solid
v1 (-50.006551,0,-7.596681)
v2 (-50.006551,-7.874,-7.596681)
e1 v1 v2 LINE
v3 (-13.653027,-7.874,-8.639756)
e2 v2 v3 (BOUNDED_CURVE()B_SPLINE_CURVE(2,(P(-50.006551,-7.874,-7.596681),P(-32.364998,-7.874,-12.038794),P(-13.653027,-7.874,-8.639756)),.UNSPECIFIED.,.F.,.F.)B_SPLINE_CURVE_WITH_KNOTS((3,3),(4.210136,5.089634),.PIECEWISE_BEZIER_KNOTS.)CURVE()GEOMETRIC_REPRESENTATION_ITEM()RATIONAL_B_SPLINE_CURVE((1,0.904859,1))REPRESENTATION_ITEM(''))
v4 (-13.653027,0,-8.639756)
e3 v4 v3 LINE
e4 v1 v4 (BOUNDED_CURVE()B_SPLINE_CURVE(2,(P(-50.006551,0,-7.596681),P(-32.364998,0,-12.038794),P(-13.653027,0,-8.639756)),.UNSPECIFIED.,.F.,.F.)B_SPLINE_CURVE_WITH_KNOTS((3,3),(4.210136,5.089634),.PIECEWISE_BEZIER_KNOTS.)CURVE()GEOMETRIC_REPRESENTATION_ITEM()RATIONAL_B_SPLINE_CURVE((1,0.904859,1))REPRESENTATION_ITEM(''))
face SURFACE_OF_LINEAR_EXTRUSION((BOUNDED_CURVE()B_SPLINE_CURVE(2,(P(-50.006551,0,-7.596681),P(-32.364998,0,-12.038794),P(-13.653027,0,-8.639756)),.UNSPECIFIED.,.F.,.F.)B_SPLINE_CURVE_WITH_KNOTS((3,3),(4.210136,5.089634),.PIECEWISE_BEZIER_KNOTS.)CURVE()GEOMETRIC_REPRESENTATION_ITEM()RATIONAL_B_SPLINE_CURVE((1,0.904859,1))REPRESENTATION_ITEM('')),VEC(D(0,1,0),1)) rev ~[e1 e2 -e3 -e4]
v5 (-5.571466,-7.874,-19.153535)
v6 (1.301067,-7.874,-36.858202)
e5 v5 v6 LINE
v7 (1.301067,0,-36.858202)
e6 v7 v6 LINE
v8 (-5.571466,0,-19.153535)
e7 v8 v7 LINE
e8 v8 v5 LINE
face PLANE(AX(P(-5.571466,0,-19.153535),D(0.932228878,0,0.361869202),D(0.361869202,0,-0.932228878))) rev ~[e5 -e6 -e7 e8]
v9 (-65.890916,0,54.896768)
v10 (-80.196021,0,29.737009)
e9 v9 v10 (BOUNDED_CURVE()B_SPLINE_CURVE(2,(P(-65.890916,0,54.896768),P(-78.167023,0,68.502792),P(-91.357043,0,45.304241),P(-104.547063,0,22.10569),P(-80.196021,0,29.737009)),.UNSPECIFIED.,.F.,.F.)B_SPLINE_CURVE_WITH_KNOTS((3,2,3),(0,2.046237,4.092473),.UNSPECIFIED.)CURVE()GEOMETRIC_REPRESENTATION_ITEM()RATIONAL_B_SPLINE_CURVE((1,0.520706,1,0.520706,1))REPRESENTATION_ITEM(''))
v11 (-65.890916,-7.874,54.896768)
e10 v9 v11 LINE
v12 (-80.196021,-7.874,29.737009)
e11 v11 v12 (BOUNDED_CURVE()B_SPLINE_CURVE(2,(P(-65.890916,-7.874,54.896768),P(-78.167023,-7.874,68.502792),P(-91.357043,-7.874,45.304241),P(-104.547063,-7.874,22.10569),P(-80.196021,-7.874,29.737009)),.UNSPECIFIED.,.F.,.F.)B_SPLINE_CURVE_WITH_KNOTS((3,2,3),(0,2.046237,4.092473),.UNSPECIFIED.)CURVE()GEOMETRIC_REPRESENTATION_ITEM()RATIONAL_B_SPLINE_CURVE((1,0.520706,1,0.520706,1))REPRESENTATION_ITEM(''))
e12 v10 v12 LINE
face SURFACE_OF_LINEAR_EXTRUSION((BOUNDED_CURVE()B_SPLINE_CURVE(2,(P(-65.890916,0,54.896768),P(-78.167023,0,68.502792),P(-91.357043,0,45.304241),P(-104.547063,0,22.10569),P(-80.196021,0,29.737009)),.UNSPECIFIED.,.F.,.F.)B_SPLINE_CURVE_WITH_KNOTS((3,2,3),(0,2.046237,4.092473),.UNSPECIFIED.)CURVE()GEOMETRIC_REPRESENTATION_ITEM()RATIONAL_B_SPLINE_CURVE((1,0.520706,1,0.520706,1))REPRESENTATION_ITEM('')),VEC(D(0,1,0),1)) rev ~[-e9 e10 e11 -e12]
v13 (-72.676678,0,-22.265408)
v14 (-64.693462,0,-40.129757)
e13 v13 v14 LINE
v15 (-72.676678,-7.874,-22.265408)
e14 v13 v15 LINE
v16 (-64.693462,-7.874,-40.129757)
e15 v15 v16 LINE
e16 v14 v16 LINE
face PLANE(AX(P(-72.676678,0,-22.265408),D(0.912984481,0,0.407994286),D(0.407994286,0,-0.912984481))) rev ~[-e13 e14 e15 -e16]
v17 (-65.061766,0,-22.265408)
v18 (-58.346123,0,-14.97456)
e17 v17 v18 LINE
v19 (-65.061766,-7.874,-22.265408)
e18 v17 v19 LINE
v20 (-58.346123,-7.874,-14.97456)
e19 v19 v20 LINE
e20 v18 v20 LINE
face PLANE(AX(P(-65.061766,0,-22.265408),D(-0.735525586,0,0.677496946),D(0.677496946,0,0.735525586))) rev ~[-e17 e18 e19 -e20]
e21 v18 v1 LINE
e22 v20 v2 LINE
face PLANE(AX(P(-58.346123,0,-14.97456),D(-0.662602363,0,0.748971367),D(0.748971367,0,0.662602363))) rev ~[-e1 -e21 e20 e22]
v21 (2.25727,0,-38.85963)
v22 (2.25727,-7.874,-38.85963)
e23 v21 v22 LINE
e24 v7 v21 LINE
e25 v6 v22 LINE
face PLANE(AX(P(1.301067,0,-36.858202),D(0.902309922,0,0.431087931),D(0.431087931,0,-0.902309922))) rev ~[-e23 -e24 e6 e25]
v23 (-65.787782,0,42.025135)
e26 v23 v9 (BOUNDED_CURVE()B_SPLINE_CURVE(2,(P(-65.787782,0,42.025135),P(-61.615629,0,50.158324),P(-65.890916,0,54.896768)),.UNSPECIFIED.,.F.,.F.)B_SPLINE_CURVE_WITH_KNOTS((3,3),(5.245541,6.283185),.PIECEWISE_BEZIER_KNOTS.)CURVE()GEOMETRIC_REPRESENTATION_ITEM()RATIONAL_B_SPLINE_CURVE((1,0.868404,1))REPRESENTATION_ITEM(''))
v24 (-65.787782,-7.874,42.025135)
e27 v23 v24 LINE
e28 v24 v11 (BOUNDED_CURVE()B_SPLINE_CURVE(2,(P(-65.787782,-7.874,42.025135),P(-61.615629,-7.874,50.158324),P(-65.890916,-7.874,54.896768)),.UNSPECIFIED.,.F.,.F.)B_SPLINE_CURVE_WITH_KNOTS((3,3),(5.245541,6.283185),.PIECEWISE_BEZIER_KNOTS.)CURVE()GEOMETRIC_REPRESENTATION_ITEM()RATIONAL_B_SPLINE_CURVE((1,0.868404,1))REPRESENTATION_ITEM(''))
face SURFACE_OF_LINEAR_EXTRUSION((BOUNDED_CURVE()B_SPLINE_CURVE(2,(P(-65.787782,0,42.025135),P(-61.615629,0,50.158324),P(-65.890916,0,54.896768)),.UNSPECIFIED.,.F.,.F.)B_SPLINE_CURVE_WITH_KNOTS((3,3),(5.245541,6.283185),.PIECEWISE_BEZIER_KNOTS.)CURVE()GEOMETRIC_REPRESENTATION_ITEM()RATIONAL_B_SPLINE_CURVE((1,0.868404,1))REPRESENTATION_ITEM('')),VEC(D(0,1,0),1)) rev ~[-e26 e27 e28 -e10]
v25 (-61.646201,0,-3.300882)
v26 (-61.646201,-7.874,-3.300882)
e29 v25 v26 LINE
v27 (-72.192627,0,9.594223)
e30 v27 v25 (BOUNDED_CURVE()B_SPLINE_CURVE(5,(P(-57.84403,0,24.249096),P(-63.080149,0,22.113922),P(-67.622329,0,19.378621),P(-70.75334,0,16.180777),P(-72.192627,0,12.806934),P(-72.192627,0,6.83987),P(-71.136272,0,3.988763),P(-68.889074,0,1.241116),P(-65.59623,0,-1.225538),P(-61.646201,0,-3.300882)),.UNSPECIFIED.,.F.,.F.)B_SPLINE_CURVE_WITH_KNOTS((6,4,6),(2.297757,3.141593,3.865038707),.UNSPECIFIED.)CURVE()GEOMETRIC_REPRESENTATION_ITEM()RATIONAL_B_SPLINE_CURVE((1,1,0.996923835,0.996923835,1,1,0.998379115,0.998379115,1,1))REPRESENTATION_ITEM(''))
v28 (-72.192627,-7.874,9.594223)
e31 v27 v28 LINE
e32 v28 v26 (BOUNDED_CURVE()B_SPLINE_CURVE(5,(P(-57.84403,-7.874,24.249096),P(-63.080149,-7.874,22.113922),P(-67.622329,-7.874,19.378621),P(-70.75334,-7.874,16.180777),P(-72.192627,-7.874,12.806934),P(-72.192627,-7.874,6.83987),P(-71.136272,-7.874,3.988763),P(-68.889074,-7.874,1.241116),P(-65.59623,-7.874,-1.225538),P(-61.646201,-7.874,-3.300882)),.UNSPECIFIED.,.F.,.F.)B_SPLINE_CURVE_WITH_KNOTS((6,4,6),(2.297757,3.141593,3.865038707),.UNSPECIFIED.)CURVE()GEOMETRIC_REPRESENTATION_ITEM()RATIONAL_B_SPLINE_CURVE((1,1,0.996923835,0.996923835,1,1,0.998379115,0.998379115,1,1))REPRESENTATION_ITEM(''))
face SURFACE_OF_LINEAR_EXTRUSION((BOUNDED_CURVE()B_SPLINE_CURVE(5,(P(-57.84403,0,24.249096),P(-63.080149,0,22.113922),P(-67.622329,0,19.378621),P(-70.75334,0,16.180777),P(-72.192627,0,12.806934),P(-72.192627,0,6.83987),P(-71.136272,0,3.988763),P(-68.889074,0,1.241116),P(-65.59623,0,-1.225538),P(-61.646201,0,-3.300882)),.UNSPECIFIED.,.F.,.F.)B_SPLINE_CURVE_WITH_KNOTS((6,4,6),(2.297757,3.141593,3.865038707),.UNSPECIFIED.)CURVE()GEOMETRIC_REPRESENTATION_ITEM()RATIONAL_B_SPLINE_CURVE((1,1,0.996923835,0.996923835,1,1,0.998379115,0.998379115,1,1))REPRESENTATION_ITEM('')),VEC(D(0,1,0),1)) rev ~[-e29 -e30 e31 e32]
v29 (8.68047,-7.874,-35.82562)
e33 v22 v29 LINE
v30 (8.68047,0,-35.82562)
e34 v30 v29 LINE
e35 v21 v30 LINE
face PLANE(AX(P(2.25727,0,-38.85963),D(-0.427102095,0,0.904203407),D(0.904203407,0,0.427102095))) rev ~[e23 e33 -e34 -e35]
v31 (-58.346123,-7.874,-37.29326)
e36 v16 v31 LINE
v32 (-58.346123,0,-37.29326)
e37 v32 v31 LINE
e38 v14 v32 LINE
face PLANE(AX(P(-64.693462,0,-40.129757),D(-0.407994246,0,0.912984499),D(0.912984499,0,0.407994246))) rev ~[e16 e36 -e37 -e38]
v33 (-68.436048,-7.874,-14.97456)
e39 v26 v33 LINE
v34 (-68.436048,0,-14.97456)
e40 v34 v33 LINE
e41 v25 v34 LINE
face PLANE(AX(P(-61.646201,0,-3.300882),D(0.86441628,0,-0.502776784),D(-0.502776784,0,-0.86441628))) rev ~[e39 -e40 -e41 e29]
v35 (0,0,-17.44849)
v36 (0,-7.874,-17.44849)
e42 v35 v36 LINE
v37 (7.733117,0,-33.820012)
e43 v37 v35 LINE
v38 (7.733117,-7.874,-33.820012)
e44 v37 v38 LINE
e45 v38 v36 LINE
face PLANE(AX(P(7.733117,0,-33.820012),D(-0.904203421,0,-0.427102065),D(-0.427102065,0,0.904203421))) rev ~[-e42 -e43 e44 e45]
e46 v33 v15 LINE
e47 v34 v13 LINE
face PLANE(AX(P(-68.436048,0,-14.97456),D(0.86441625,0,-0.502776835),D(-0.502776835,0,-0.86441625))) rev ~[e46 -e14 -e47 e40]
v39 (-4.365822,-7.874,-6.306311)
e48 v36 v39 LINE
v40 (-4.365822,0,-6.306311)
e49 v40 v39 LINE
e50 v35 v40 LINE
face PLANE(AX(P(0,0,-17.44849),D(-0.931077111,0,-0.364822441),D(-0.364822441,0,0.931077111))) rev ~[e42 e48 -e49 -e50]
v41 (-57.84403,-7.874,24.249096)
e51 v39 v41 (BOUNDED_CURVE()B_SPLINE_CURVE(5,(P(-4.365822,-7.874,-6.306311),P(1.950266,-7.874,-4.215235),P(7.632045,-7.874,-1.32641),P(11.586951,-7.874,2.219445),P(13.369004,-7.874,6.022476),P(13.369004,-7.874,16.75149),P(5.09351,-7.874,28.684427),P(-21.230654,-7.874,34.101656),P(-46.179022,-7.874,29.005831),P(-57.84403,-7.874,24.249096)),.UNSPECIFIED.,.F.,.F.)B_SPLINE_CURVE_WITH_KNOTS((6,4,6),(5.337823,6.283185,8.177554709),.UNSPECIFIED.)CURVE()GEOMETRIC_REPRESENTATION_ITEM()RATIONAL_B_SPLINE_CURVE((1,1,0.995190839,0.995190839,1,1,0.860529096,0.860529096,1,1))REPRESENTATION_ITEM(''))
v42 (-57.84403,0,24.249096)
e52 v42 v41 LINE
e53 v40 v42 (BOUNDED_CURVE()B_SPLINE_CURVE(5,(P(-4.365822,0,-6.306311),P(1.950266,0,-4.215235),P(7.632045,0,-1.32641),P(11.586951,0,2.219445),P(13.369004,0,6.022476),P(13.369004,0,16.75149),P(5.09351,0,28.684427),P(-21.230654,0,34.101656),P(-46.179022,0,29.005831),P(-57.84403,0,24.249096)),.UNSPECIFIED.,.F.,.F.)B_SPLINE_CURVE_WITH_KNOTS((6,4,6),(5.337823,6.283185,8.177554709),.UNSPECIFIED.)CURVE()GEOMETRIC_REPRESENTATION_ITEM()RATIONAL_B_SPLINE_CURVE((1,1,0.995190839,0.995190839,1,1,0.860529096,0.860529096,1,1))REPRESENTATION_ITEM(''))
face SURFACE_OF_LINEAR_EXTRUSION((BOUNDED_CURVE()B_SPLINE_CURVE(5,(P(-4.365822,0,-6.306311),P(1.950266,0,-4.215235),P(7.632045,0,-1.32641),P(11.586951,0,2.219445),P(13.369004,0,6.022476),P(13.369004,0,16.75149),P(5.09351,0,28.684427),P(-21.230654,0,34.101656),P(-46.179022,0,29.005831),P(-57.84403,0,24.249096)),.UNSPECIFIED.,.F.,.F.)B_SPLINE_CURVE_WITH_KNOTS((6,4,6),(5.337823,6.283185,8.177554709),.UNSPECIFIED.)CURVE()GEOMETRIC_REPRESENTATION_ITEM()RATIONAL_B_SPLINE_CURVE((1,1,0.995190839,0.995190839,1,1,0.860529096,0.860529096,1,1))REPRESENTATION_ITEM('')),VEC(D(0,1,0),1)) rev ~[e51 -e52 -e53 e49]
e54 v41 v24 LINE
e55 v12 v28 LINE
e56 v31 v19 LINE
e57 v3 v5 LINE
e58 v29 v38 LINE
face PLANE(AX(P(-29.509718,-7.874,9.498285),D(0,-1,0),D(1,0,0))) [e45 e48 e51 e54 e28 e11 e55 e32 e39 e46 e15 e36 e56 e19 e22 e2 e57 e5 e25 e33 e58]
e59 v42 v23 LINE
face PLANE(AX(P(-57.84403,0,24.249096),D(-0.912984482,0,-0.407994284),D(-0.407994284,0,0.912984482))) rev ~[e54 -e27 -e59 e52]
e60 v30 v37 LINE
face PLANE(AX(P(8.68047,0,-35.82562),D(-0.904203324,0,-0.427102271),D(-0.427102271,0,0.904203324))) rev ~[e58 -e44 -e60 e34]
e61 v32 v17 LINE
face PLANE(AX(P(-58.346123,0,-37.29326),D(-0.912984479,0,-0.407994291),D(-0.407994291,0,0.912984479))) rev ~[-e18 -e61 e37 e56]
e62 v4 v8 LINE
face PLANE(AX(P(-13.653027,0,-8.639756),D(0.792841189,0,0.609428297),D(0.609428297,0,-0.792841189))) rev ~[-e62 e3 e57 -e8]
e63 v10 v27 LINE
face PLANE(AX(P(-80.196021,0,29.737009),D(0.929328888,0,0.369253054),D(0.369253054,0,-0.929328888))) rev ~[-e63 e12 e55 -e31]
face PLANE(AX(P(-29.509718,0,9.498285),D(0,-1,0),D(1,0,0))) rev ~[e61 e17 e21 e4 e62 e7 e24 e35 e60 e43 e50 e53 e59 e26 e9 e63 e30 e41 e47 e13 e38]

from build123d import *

# Parameters (mm, degrees)
F1_DEPTH = 7.874


with BuildPart() as f1:
    # F0 (on Front) → F1 (new body)
    with BuildSketch(Plane.XZ):
        with BuildLine():
            add(Edge.make_bspline(
                [(-4.365822, -6.306311), (13.369004, -0.434818), (13.369004, 9.594223)],
                knots=[5.337823, 5.337823, 5.337823, 6.283185, 6.283185, 6.283185], degree=2, weights=[1, 0.890351, 1]))
            add(Edge.make_bspline(
                [(13.369004, 9.594223), (13.369004, 53.288211), (-57.84403, 24.249096)],
                knots=[0, 0, 0, 2.297757, 2.297757, 2.297757], degree=2, weights=[1, 0.409511, 1]))
            add(Edge.make_bspline(
                [(-57.84403, 24.249096), (-72.192627, 18.398053), (-72.192627, 9.594223)],
                knots=[2.297757, 2.297757, 2.297757, 3.141593, 3.141593, 3.141593], degree=2, weights=[1, 0.912305, 1]))
            add(Edge.make_bspline(
                [(-72.192627, 9.594223), (-72.192627, 2.240206), (-61.646201, -3.300882)],
                knots=[3.141593, 3.141593, 3.141593, 3.859053, 3.859053, 3.859053], degree=2, weights=[1, 0.936343, 1]))
            add(Edge.make_bspline(
                [(-61.646201, -3.300882), (-56.657354, -5.92202), (-50.006551, -7.596681)],
                knots=[3.859053, 3.859053, 3.859053, 4.210136, 4.210136, 4.210136], degree=2, weights=[1, 0.984632, 1]))
            add(Edge.make_bspline(
                [(-50.006551, -7.596681), (-32.364998, -12.038794), (-13.653027, -8.639756)],
                knots=[4.210136, 4.210136, 4.210136, 5.089634, 5.089634, 5.089634], degree=2, weights=[1, 0.904859, 1]))
            add(Edge.make_bspline(
                [(-13.653027, -8.639756), (-8.691986, -7.738581), (-4.365822, -6.306311)],
                knots=[5.089634, 5.089634, 5.089634, 5.337823, 5.337823, 5.337823], degree=2, weights=[1, 0.99231, 1]))
        make_face()
        with BuildLine():
            add(Edge.make_bspline(
                [(-57.84403, 24.249096), (-72.192627, 18.398053), (-72.192627, 9.594223)],
                knots=[2.297757, 2.297757, 2.297757, 3.141593, 3.141593, 3.141593], degree=2, weights=[1, 0.912305, 1]))
            Line((-57.84403, 24.249096), (-65.787782, 42.025135))
            add(Edge.make_bspline(
                [(-80.196021, 29.737009), (-70.538827, 32.763456), (-65.787782, 42.025135)],
                knots=[4.092473, 4.092473, 4.092473, 5.245541, 5.245541, 5.245541], degree=2, weights=[1, 0.838357, 1]))
            Line((-80.196021, 29.737009), (-72.192627, 9.594223))
        make_face()
        with BuildLine():
            Line((0, -17.44849), (-4.365822, -6.306311))
            add(Edge.make_bspline(
                [(-13.653027, -8.639756), (-8.691986, -7.738581), (-4.365822, -6.306311)],
                knots=[5.089634, 5.089634, 5.089634, 5.337823, 5.337823, 5.337823], degree=2, weights=[1, 0.99231, 1]))
            Line((-13.653027, -8.639756), (-5.571466, -19.153535))
            Line((-5.571466, -19.153535), (1.301067, -36.858202))
            Line((1.301067, -36.858202), (2.25727, -38.85963))
            Line((2.25727, -38.85963), (8.68047, -35.82562))
            Line((8.68047, -35.82562), (7.733117, -33.820012))
            Line((7.733117, -33.820012), (0, -17.44849))
        make_face()
        with BuildLine():
            add(Edge.make_bspline(
                [(-80.196021, 29.737009), (-70.538827, 32.763456), (-65.787782, 42.025135)],
                knots=[4.092473, 4.092473, 4.092473, 5.245541, 5.245541, 5.245541], degree=2, weights=[1, 0.838357, 1]))
            add(Edge.make_bspline(
                [(-65.787782, 42.025135), (-61.615629, 50.158324), (-65.890916, 54.896768)],
                knots=[5.245541, 5.245541, 5.245541, 6.283185, 6.283185, 6.283185], degree=2, weights=[1, 0.868404, 1]))
            add(Edge.make_bspline(
                [(-65.890916, 54.896768), (-78.167023, 68.502792), (-91.357043, 45.304241), (-104.547063, 22.10569), (-80.196021, 29.737009)],
                knots=[0, 0, 0, 2.046237, 2.046237, 4.092473, 4.092473, 4.092473], degree=2, weights=[1, 0.520706, 1, 0.520706, 1]))
        make_face()
        with BuildLine():
            add(Edge.make_bspline(
                [(-61.646201, -3.300882), (-56.657354, -5.92202), (-50.006551, -7.596681)],
                knots=[3.859053, 3.859053, 3.859053, 4.210136, 4.210136, 4.210136], degree=2, weights=[1, 0.984632, 1]))
            Line((-61.646201, -3.300882), (-68.436048, -14.97456))
            Line((-68.436048, -14.97456), (-72.676678, -22.265408))
            Line((-72.676678, -22.265408), (-64.693462, -40.129757))
            Line((-64.693462, -40.129757), (-58.346123, -37.29326))
            Line((-58.346123, -37.29326), (-65.061766, -22.265408))
            Line((-65.061766, -22.265408), (-58.346123, -14.97456))
            Line((-58.346123, -14.97456), (-50.006551, -7.596681))
        make_face()
    extrude(amount=F1_DEPTH)


solid = f1.part
